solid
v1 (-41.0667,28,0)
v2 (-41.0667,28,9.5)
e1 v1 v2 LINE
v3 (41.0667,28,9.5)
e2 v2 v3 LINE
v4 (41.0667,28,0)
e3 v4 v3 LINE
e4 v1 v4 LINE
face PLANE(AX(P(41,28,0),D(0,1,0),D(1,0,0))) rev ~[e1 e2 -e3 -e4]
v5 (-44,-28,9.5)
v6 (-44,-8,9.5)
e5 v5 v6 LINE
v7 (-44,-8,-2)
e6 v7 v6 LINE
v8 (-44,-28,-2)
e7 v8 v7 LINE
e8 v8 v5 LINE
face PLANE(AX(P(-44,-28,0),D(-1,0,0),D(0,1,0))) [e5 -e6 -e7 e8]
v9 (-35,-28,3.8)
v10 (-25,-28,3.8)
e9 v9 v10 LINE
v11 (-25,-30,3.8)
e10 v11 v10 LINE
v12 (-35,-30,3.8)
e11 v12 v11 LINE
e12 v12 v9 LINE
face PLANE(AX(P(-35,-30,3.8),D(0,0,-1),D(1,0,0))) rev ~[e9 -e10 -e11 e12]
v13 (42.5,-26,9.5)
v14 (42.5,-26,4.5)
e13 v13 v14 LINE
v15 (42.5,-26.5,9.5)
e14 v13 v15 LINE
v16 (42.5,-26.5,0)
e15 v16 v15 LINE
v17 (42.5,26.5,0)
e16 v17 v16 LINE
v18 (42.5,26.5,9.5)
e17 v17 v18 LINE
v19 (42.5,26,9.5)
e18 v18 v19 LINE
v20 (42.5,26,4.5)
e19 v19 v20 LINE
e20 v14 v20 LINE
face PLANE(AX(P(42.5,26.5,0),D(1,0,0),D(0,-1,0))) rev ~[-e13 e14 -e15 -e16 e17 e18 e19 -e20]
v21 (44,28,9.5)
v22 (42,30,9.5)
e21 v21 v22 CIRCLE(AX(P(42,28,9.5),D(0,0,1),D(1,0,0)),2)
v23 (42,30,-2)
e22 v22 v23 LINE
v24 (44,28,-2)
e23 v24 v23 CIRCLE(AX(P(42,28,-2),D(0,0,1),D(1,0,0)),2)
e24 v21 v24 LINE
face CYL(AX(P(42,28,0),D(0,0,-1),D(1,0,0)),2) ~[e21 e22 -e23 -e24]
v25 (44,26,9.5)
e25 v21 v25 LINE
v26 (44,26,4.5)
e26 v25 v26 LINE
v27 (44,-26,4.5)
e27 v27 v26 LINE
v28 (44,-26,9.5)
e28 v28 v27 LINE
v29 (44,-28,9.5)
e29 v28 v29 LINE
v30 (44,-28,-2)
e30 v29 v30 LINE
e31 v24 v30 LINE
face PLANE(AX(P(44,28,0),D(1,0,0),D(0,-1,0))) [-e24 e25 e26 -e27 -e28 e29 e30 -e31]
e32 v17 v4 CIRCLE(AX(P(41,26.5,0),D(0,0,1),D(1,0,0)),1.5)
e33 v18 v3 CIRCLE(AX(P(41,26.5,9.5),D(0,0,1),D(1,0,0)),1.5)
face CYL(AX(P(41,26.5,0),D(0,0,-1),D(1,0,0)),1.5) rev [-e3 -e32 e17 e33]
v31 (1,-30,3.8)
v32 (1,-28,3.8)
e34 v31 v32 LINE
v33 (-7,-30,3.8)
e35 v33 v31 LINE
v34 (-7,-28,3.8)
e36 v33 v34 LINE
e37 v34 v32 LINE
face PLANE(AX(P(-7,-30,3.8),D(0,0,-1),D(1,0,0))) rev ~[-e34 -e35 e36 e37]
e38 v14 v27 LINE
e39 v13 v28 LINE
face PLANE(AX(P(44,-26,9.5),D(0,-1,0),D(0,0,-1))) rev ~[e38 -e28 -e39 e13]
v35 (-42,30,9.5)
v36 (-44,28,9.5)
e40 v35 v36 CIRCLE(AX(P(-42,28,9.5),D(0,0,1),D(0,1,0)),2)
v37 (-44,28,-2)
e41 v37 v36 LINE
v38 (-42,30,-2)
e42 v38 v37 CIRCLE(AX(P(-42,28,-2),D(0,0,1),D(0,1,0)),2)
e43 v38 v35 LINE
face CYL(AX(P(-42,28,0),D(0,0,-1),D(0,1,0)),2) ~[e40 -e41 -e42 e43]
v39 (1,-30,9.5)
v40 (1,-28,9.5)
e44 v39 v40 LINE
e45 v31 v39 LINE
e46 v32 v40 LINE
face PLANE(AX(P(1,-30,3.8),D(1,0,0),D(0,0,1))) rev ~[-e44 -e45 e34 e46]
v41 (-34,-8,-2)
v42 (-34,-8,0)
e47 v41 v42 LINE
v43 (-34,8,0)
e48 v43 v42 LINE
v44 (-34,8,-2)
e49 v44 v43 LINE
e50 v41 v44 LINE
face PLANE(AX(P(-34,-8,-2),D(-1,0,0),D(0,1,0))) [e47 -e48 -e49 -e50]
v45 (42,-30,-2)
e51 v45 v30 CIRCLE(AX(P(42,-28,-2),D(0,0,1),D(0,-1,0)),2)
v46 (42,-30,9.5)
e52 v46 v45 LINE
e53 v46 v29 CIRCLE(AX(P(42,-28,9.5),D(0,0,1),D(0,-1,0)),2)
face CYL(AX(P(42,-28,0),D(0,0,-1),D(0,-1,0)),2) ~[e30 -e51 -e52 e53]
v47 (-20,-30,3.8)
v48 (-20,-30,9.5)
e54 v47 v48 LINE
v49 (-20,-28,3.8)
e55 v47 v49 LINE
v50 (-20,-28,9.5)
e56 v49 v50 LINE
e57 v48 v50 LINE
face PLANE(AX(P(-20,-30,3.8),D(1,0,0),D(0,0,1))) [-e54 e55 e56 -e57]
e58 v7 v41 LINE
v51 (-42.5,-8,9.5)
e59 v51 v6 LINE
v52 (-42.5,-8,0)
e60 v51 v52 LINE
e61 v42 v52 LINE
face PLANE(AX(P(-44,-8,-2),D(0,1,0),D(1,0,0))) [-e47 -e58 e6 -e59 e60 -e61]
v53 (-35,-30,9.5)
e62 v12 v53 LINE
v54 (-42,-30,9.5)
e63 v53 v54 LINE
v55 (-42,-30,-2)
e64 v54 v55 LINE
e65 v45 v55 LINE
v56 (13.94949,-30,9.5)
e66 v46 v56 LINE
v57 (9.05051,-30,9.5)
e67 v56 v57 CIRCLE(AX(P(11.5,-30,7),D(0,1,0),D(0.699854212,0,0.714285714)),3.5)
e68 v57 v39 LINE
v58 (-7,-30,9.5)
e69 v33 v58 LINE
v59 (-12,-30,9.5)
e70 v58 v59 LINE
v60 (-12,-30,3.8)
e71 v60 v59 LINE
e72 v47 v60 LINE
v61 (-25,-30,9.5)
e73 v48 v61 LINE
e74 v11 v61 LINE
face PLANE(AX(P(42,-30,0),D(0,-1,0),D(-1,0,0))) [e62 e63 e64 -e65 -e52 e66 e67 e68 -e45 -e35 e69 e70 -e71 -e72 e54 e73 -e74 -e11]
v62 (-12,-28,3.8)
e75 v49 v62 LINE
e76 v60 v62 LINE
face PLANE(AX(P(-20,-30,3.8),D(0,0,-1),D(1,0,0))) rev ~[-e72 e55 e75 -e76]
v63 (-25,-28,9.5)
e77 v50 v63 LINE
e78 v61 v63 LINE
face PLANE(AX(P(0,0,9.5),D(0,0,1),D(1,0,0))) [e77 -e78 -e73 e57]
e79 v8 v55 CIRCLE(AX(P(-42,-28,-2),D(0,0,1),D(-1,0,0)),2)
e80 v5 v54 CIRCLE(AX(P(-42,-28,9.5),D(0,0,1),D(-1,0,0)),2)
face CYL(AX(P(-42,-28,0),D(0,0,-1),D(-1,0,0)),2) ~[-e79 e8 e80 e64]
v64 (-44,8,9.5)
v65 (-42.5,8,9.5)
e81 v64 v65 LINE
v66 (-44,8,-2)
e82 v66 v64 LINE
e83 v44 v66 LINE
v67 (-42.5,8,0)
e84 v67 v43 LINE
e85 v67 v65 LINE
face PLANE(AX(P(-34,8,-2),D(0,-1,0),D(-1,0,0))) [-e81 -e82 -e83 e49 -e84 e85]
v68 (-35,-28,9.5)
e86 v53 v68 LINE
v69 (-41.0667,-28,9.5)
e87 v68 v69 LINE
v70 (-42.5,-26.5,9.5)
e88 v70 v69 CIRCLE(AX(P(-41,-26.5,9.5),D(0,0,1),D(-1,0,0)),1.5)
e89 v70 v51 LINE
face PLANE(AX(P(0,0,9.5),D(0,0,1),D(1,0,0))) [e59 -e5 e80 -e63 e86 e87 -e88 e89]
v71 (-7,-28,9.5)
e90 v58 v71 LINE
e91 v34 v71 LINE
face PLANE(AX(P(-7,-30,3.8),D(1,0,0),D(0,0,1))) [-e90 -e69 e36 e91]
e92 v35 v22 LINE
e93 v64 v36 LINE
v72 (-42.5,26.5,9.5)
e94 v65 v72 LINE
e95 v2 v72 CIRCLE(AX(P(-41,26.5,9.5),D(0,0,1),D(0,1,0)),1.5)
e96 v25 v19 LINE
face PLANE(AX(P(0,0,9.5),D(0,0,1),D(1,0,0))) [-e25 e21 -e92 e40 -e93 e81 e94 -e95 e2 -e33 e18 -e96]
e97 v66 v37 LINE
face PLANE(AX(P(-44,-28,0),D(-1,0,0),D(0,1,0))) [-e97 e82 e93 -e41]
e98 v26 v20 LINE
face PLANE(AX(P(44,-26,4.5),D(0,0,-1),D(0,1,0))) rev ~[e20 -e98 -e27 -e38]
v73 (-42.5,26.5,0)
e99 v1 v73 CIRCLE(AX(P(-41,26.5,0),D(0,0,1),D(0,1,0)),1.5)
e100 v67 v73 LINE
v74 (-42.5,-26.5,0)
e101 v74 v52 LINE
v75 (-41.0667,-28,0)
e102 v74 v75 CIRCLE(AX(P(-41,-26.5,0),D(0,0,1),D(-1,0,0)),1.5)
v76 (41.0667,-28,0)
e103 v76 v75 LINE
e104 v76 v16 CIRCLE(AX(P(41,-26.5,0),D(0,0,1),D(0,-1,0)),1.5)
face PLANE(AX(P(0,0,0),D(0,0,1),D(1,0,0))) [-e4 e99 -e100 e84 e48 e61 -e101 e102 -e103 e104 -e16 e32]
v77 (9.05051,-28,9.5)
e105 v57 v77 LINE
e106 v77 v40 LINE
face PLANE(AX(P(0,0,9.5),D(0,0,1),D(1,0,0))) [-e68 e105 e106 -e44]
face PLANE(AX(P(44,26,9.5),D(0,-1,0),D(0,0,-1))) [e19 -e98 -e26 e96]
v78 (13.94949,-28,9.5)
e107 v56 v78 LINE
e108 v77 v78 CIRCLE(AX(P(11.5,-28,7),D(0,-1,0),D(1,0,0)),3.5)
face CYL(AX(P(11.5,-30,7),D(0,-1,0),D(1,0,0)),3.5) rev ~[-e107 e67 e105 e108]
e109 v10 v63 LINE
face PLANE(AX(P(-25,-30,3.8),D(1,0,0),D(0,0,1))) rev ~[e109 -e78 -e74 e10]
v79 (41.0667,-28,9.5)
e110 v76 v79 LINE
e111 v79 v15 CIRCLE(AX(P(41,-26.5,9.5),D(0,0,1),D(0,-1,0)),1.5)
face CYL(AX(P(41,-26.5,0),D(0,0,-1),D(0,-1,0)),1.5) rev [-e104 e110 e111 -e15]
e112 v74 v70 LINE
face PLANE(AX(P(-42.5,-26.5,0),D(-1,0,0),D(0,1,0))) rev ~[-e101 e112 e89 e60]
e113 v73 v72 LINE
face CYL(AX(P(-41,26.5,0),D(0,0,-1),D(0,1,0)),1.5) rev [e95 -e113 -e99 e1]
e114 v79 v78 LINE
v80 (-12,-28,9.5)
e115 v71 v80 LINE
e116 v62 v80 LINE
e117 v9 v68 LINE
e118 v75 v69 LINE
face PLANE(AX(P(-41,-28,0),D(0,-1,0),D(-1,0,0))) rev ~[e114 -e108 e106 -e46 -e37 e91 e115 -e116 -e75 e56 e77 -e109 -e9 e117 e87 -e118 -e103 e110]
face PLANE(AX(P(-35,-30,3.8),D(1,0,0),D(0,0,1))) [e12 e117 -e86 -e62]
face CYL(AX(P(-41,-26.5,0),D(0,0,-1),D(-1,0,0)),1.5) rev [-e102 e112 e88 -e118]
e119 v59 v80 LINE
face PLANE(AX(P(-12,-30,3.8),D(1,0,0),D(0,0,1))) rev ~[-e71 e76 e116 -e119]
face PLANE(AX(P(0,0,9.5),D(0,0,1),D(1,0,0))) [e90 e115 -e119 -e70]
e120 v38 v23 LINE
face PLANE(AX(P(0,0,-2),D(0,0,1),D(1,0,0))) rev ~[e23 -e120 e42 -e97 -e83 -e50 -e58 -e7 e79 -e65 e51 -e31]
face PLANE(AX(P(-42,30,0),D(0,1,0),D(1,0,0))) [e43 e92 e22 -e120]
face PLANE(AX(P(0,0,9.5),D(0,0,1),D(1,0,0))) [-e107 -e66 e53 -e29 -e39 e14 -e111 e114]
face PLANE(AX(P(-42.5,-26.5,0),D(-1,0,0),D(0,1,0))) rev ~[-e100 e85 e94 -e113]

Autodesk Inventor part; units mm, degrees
ref_plane "YZ Plane" through (0, 0, 0) normal (1, 0, 0) x (0, 1, 0)
ref_plane "XZ Plane" through (0, 0, 0) normal (0, 1, 0) x (-1, 0, 0)
ref_plane "XY Plane" through (0, 0, 0) normal (0, 0, 1) x (1, 0, 0)
sketch "Sketch1" plane through (0, 0, 0) normal (0, 0, 1) x (1, 0, 0)
  line L0 (-42, 30) -> (42, 30)
  line L1 (44, 28) -> (44, -28)
  line L2 (42, -30) -> (-42, -30)
  line L3 (-44, -28) -> (-44, 28)
  line L4 (-44, 30) -> (44, -30) construction
  line L5 (44, 30) -> (-44, -30) construction
  line L6 (-41.0667, 28) -> (41.0667, 28)
  line L7 (42.5, 26.5) -> (42.5, -26.5)
  line L8 (41.0667, -28) -> (-41.0667, -28)
  line L9 (-42.5, -26.5) -> (-42.5, 26.5)
  line L10 (-42.5, 28) -> (42.5, -28) construction
  line L11 (42.5, 28) -> (-42.5, -28) construction
  arc A0 (-41, 28) -> (-42.5, 26.5) centre (-41, 26.5) ccw
  arc A1 (42.5, 26.5) -> (41, 28) centre (41, 26.5) ccw
  arc A2 (41, -28) -> (42.5, -26.5) centre (41, -26.5) ccw
  arc A3 (-42.5, -26.5) -> (-41, -28) centre (-41, -26.5) ccw
  arc A4 (-44, -28) -> (-42, -30) centre (-42, -28) ccw
  arc A5 (-42, 30) -> (-44, 28) centre (-42, 28) ccw
  arc A6 (44, 28) -> (42, 30) centre (42, 28) ccw
  arc A7 (42, -30) -> (44, -28) centre (42, -28) ccw
  point P0 (0, 0)
  dimension "d0" = 88
  dimension "d1" = 60
  dimension "d2" = 85
  dimension "d3" = 56
  dimension "d4" = 3
  dimension "d5" = 3
  dimension "d6" = 2
extrude "Extrusion1" add sketch "Sketch1" against normal blind 2 contours L0 A6 L1 A7 L2 A4 L3 A5 | L6 A1 L7 A2 L8 A3 L9 A0
extrude "Extrusion2" add sketch "Sketch1" along normal blind 9.5
sketch "Sketch2" plane through (44, -28, -2) normal (1, 0, 0) x (0, 0, -1)
  point P0 (-2, 28)
sketch "Sketch3" plane through (44, -28, -2) normal (1, 0, 0) x (0, 0, -1)
  line L0 (0, -2) -> (-11.5, -2) projected
  line L1 (-11.5, -2) -> (-11.5, 2)
  line L2 (-11.5, 1.5) -> (-11.5, 54.5) projected
  line L3 (-11.5, 2) -> (-6.5, 2)
  line L4 (-6.5, 2) -> (-6.5, 58)
  line L5 (0, 58) -> (-11.5, 58) projected
  line L6 (-11.5, 58) -> (-11.5, 54)
  line L7 (-11.5, 54) -> (-6.5, 54)
  line L8 (-11.5, 54) -> (-11.5, 2)
  point P0 (-2, 28)
  dimension "d11" = 4
  dimension "d12" = 5
  dimension "d13" = 4
  dimension "d14" = 53
extrude "Extrusion3" cut sketch "Sketch3" against normal mid plane 9.5 contours L2 L7 L4 L3
sketch "Sketch4" plane through (-42, -30, -2) normal (0, -1, 0) x (1, 0, 0)
  line L0 (84, 0) -> (86, 0) projected
  circle A0 centre (53.5, 9) radius 3.5
  line L1 (18.9875, 0) -> (24.4875, 0)
  line L2 (-2, 0) -> (-2, 11.5) projected
  line L3 (43, 5.8) -> (43, 11.5)
  line L4 (35, 5.8) -> (35, 11.5)
  line L5 (30, 5.8) -> (30, 11.5)
  line L6 (22, 5.8) -> (22, 11.5)
  line L7 (17, 5.8) -> (17, 11.5)
  line L8 (7, 5.8) -> (7, 11.5)
  line L9 (83, 11.5) -> (1, 11.5) projected
  line L10 (17, 11.5) -> (7, 11.5)
  line L11 (22, 11.5) -> (30, 11.5)
  line L12 (35, 11.5) -> (43, 11.5)
  line L13 (86, 0) -> (86, 11.5) projected
  line L14 (84, 0) -> (0, 0) projected
  line L15 (7, 5.8) -> (17, 5.8)
  line L16 (22, 5.8) -> (30, 5.8)
  line L17 (35, 5.8) -> (43, 5.8)
  point P0 (42, 2)
  point P1 (55.9495, 11.5)
  point P2 (51.0505, 11.5)
  dimension "d19" = 7
  dimension "d22" = 8
  dimension "d23" = 5
  dimension "d24" = 8
  dimension "d25" = 5
  dimension "d26" = 10
  dimension "d27" = 32.5
  dimension "d28" = 9
  dimension "d29" = 5.8
  dimension "d38" = 10.5
extrude "Extrusion4" cut sketch "Sketch4" against normal blind 9.5 contours A0 L9 | L7 L15 L8 L9 | L5 L16 L6 L9 | L3 L17 L4 L9 picked at (52.2452, 9.1659)
sketch "Sketch5" plane through (0, 0, -2) normal (0, 0, -1) x (-1, 0, 0)
  line L0 (44, -8) -> (34, -8)
  line L1 (34, -8) -> (34, 8)
  line L2 (34, 8) -> (44, 8)
  line L3 (44, 8) -> (44, -8)
  line L4 (-42, -30) -> (42, -30) projected
  line L5 (42, 30) -> (-42, 30) projected
  line L6 (44, -28) -> (44, 28) projected
  point P0 (0, 0)
  dimension "d32" = 22
  dimension "d33" = 22
  dimension "d34" = 0
  dimension "d35" = 10
extrude "Extrusion5" cut sketch "Sketch5" against normal blind 15
properties part number "Pi 4 Case - Back Panel"
